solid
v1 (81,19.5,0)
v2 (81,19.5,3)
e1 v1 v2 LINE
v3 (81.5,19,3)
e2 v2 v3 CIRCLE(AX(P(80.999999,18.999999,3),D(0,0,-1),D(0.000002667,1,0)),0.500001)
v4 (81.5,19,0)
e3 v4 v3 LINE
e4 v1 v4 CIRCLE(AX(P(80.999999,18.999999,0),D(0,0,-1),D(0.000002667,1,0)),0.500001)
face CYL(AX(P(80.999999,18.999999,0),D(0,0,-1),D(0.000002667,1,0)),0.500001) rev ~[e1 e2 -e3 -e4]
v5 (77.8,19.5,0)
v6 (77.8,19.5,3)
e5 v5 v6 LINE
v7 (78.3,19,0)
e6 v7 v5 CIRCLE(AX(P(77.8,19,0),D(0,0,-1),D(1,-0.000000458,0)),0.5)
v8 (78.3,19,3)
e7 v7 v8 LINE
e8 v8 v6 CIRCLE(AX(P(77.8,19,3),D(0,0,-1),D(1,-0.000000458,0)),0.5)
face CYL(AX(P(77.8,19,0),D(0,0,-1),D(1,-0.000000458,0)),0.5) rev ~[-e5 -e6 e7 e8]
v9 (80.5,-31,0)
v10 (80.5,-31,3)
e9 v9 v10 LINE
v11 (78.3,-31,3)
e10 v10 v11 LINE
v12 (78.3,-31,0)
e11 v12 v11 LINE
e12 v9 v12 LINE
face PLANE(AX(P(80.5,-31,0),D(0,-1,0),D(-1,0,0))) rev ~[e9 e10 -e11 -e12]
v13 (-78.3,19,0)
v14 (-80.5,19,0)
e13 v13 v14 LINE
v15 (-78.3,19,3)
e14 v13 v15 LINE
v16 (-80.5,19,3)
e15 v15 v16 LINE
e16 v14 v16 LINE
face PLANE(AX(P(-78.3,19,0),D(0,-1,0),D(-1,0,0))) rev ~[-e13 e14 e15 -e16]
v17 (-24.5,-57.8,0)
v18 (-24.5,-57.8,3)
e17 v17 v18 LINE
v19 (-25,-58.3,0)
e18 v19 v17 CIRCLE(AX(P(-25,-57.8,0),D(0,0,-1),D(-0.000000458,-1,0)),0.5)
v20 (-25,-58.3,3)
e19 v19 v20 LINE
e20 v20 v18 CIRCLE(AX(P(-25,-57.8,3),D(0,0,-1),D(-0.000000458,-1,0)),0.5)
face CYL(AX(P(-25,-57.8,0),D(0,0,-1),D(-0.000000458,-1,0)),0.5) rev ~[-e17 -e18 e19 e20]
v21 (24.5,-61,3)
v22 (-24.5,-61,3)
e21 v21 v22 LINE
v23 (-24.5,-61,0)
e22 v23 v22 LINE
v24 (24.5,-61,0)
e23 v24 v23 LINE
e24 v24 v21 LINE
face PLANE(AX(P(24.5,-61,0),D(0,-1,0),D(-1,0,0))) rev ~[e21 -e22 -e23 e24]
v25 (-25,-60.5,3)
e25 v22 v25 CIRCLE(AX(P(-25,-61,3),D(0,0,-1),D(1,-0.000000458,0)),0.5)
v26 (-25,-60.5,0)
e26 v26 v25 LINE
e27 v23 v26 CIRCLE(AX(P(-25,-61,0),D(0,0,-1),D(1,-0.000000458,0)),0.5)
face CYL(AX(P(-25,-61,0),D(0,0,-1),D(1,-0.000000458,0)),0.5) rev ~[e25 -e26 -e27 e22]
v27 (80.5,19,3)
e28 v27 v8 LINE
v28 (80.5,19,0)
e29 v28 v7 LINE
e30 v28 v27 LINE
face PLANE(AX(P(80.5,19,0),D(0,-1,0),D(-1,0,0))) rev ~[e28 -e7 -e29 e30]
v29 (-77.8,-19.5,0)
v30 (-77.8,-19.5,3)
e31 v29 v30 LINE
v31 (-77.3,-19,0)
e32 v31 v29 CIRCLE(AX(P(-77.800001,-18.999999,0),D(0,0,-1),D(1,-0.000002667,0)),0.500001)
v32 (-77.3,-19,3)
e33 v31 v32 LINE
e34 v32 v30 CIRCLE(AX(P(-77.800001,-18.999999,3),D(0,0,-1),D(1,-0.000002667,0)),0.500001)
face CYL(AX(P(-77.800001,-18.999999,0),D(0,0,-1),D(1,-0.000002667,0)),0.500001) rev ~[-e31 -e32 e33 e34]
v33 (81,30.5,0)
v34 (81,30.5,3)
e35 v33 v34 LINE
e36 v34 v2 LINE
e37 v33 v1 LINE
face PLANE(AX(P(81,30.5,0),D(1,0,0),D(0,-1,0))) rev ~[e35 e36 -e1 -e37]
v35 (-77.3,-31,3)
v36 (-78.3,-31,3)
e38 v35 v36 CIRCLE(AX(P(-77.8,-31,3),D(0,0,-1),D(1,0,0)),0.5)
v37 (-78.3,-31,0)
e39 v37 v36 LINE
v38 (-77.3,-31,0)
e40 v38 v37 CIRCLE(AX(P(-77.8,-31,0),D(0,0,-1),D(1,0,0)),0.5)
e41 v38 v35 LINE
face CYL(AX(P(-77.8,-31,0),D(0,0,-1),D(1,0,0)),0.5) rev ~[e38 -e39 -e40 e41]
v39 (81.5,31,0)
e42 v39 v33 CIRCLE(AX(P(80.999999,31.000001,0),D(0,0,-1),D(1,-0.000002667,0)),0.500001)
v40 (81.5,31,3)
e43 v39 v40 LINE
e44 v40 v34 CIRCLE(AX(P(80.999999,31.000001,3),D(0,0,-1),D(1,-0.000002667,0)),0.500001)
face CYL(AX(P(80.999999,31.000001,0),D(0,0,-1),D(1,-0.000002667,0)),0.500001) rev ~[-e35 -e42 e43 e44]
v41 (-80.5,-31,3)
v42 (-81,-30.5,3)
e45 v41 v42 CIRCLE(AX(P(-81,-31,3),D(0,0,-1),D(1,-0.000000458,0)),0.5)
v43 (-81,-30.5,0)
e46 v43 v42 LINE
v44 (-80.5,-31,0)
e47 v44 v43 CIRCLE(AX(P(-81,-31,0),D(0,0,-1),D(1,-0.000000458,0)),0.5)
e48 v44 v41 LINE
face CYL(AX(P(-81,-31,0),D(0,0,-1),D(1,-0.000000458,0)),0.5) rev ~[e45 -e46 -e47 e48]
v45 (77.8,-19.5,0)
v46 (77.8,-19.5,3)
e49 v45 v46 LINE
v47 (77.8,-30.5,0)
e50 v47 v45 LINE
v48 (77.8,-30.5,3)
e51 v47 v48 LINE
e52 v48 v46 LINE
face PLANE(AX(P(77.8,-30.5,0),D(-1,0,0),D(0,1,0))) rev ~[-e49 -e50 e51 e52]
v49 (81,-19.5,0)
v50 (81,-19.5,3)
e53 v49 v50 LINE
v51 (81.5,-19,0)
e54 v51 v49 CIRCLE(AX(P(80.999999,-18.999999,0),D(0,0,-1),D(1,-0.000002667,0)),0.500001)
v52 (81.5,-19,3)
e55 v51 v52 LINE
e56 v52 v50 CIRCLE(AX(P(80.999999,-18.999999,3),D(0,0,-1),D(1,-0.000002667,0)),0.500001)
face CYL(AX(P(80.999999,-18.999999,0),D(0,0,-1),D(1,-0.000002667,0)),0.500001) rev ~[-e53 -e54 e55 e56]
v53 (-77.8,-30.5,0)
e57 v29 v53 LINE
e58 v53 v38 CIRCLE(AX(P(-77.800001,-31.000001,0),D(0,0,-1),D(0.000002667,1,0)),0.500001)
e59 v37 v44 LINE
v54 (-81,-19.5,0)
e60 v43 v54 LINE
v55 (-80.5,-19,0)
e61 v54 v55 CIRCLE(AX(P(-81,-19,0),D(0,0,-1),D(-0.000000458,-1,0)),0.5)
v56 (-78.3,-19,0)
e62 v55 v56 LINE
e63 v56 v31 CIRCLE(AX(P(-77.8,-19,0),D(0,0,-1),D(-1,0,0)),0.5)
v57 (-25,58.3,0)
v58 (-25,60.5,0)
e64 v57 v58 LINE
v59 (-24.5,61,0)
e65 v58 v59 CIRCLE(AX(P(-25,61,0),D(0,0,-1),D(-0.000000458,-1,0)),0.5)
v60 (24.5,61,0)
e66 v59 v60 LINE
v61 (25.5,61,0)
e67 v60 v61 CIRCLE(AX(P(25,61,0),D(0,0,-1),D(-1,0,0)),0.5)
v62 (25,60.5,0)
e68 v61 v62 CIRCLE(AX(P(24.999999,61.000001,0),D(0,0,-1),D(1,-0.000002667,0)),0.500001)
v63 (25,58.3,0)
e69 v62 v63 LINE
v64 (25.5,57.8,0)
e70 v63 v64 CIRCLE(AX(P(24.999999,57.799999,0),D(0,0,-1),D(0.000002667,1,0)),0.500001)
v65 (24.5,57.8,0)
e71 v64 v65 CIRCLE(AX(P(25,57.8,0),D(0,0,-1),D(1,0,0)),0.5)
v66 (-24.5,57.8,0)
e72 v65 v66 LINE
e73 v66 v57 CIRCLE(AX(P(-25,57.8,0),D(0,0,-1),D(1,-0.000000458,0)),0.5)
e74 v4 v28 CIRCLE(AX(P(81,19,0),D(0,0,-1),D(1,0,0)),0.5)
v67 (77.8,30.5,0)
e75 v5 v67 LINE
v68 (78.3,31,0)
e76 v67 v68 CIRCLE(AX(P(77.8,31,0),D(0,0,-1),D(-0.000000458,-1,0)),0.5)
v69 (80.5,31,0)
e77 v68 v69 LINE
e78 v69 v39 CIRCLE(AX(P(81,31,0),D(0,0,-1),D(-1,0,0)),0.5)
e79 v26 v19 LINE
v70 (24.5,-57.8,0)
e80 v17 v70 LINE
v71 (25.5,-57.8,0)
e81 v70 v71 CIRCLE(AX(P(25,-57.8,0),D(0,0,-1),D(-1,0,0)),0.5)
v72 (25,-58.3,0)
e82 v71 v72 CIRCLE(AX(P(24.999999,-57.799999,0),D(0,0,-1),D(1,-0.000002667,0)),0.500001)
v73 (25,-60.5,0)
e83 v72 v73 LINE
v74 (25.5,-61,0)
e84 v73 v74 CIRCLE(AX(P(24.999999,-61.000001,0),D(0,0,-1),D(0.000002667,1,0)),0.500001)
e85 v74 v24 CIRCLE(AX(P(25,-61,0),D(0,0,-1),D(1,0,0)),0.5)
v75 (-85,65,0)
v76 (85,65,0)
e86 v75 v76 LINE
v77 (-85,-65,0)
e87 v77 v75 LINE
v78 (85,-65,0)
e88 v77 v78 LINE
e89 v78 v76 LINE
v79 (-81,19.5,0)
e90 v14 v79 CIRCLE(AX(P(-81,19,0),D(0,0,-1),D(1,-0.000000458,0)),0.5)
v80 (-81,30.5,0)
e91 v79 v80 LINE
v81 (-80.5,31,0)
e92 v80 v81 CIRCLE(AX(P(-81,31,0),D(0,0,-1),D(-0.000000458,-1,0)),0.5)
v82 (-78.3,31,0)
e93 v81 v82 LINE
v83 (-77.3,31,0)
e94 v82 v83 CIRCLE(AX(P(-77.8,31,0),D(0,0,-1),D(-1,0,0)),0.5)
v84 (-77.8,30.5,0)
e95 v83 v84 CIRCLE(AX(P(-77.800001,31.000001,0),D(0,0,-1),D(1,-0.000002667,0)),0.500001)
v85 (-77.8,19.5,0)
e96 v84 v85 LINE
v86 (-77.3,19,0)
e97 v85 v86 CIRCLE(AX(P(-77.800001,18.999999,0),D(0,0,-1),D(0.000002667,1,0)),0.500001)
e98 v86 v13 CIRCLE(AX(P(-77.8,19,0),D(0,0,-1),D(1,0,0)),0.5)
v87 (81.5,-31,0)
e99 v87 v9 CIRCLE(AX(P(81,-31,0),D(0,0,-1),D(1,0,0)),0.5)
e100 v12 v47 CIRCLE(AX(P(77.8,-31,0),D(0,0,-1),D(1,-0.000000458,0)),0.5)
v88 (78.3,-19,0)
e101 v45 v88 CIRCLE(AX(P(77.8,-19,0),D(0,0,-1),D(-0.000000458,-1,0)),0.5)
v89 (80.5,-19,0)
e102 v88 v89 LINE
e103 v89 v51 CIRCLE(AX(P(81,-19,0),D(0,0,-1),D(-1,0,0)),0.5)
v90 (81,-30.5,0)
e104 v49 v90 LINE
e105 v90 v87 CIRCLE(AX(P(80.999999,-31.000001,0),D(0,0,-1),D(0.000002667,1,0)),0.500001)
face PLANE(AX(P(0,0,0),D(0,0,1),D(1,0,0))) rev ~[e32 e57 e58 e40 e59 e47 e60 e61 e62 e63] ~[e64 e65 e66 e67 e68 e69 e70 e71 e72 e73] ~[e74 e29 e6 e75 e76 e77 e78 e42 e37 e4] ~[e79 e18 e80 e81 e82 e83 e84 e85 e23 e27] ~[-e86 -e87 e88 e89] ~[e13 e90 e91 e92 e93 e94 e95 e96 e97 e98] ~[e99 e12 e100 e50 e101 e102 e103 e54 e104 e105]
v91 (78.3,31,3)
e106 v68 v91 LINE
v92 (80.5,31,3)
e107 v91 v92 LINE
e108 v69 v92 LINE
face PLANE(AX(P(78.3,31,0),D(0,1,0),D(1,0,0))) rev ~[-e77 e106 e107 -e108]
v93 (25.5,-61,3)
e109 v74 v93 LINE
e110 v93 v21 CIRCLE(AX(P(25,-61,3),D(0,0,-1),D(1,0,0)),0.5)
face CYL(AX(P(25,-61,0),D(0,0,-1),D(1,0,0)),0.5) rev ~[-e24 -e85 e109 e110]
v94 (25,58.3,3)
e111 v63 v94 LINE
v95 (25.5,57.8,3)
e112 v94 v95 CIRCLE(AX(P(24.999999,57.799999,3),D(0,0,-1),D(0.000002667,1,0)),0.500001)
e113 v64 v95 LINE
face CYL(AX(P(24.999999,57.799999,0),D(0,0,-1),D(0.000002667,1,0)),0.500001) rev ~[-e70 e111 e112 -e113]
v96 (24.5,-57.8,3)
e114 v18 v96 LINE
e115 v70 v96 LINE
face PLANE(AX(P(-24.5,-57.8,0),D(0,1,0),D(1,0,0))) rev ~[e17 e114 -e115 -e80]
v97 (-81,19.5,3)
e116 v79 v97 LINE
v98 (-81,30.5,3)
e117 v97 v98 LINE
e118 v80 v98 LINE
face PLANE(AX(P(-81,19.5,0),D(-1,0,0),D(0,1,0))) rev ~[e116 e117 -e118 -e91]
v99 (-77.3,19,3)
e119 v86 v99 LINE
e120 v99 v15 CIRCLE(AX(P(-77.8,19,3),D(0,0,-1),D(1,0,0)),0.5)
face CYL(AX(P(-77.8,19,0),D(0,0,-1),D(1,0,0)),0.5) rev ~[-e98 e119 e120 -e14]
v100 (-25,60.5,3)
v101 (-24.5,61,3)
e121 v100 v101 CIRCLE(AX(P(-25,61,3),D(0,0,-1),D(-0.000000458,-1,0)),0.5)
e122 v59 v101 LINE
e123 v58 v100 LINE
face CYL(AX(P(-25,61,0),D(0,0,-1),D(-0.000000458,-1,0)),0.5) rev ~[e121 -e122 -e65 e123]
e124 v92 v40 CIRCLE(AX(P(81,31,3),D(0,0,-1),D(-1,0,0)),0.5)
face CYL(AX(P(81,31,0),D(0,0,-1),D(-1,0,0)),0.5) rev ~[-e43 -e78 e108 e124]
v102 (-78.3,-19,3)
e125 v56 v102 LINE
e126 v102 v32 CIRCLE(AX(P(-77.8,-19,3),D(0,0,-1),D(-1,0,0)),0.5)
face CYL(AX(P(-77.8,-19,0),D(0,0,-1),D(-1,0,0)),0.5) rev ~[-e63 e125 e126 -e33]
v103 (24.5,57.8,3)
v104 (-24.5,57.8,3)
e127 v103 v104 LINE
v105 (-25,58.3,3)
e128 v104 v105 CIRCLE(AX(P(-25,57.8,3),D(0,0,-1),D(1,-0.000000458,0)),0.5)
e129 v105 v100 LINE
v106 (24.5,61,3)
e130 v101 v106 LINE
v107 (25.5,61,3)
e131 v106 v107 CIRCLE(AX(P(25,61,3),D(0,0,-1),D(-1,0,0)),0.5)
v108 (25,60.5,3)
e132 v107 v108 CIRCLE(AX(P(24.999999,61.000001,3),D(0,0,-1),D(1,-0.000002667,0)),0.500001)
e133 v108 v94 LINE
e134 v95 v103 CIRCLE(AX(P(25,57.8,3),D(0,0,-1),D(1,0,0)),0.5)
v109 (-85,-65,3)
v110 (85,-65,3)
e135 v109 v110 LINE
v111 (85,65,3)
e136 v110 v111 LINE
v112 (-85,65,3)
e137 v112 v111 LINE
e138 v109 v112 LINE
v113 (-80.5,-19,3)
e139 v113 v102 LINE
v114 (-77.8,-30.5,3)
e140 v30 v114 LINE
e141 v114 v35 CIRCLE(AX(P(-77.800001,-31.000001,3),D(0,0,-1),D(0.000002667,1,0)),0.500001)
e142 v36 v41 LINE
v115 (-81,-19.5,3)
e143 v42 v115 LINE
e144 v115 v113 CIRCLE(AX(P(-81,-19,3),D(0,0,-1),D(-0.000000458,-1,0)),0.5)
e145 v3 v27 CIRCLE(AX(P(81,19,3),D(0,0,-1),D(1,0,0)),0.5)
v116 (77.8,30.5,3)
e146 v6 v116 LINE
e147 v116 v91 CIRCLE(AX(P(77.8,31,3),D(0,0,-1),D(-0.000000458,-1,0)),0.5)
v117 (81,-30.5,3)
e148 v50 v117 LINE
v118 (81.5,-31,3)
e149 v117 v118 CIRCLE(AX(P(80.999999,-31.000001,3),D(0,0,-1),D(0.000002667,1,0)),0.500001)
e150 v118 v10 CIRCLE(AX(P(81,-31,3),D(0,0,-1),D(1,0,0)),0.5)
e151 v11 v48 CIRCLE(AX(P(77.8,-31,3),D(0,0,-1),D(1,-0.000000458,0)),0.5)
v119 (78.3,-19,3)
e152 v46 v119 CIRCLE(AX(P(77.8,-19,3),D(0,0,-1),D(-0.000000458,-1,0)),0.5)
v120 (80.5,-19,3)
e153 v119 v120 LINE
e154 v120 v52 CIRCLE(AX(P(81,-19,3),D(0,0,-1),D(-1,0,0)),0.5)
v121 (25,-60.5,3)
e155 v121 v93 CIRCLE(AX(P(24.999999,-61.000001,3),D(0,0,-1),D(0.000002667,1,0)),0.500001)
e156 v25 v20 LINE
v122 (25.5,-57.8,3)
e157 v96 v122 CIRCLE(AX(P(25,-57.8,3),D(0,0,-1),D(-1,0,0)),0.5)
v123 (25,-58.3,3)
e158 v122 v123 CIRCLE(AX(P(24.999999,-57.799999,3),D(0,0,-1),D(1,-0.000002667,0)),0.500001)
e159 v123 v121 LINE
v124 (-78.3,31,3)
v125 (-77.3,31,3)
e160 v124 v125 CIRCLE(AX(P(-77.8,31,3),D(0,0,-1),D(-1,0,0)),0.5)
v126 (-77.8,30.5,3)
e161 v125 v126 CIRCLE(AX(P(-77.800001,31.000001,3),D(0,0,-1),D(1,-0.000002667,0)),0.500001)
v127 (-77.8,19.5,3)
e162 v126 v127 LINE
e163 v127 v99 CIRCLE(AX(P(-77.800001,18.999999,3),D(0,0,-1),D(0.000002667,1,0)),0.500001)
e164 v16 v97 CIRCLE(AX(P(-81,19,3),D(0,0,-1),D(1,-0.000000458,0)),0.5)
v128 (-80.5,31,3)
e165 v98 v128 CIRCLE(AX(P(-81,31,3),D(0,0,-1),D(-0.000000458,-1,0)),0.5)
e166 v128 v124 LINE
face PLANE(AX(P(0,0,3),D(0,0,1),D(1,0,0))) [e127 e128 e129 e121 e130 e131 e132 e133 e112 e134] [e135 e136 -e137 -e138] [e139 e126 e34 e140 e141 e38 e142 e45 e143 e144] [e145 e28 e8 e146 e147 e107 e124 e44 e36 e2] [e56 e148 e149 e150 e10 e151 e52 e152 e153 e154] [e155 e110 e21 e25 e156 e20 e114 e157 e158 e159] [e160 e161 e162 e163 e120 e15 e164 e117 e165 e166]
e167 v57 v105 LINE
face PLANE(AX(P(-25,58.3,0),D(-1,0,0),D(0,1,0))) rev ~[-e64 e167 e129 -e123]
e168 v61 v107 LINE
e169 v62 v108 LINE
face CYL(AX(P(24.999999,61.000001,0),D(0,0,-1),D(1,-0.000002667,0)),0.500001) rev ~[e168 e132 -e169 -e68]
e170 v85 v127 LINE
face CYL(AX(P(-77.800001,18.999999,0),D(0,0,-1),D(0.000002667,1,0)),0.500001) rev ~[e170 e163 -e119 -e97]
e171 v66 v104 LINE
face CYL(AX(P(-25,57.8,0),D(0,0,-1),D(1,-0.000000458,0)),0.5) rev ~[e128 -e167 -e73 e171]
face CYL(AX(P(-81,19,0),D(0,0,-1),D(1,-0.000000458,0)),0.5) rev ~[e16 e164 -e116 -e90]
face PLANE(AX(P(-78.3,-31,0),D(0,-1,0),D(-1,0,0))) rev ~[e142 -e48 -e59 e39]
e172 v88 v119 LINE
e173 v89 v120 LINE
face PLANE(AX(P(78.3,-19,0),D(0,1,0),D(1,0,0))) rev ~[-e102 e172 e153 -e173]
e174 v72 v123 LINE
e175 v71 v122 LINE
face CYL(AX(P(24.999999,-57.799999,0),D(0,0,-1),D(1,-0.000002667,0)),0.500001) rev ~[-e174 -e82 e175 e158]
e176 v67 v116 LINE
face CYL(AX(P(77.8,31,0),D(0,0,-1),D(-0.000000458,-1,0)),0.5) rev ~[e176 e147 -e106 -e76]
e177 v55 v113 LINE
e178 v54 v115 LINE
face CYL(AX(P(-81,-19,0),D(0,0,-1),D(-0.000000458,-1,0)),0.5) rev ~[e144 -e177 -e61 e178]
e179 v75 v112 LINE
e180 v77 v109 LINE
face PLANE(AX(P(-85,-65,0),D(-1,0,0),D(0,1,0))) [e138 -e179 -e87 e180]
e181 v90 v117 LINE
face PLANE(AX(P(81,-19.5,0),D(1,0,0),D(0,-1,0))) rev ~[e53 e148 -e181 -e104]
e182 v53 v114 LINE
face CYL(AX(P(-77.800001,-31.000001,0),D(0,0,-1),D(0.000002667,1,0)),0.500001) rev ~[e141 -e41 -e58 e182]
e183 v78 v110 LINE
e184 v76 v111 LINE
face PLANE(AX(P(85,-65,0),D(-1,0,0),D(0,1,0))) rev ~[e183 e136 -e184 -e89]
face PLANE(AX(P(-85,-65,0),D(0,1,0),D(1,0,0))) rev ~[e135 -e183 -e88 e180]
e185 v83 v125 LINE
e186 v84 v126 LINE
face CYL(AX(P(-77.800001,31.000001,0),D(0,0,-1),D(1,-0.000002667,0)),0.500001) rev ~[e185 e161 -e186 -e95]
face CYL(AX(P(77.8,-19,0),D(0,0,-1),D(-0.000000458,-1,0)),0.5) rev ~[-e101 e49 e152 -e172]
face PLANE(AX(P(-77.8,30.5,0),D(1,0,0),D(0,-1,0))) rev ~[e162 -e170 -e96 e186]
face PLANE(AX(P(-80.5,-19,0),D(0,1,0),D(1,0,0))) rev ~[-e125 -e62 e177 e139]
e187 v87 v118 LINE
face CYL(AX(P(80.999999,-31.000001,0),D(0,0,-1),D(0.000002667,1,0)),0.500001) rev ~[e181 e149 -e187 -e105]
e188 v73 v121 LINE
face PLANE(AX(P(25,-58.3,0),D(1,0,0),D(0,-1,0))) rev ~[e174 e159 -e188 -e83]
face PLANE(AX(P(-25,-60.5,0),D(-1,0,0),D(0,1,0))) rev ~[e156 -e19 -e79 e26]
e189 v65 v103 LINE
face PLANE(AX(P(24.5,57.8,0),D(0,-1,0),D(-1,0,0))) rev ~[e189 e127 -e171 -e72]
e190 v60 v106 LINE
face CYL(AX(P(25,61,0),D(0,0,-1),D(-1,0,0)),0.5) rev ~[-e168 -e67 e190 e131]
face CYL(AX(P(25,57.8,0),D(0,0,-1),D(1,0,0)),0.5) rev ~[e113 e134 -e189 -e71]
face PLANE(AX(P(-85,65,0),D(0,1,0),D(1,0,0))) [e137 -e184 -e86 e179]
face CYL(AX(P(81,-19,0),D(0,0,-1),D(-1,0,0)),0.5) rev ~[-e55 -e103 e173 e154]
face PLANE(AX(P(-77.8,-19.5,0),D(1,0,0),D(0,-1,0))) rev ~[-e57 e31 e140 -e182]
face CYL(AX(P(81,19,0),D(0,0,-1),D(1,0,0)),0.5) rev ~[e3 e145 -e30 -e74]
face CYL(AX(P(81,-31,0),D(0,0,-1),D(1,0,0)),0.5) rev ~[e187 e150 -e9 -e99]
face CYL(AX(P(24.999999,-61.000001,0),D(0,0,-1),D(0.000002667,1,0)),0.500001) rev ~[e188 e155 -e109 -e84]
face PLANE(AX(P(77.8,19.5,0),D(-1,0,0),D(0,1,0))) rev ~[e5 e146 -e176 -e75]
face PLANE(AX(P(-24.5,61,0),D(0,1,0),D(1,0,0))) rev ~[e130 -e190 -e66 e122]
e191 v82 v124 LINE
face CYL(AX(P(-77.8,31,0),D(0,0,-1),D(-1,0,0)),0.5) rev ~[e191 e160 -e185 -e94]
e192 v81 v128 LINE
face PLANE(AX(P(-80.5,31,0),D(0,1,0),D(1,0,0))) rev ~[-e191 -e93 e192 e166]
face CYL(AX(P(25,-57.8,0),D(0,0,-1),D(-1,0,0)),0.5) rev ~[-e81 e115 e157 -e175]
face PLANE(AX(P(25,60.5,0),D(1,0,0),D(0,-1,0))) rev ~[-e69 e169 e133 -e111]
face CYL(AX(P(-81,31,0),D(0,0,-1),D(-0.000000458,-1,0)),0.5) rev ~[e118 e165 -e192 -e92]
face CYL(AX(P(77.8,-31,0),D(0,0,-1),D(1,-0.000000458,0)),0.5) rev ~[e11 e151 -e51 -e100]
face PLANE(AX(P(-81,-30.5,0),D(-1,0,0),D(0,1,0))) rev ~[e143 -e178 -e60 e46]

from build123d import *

# Parameters (mm, degrees)
F0_W     = 170
F0_H     = 130
F1_DEPTH = 3


with BuildPart() as f1:
    # F0 (on Top) → F1 (new body)
    with BuildSketch(Plane.XY):
        Rectangle(F0_W, F0_H)
        with BuildLine():
            ThreePointArc((-81, -19.5), (-81.353553, -18.646447), (-80.5, -19))
            Line((-80.5, -19), (-78.3, -19))
            ThreePointArc((-78.3, -19), (-77.8, -18.5), (-77.3, -19))
            ThreePointArc((-77.3, -19), (-77.446447, -19.353553), (-77.8, -19.5))
            Line((-77.8, -19.5), (-77.8, -30.5))
            ThreePointArc((-77.8, -30.5), (-77.446447, -30.646447), (-77.3, -31))
            ThreePointArc((-77.3, -31), (-77.8, -31.5), (-78.3, -31))
            Line((-78.3, -31), (-80.5, -31))
            ThreePointArc((-80.5, -31), (-81.353553, -31.353553), (-81, -30.5))
            Line((-81, -30.5), (-81, -19.5))
        make_face(mode=Mode.SUBTRACT)
        with BuildLine():
            ThreePointArc((-25, -58.3), (-25.353553, -57.446447), (-24.5, -57.8))
            Line((-24.5, -57.8), (24.5, -57.8))
            ThreePointArc((24.5, -57.8), (25, -57.3), (25.5, -57.8))
            ThreePointArc((25.5, -57.8), (25.353553, -58.153553), (25, -58.3))
            Line((25, -58.3), (25, -60.5))
            ThreePointArc((25, -60.5), (25.353553, -60.646447), (25.5, -61))
            ThreePointArc((25.5, -61), (25, -61.5), (24.5, -61))
            Line((24.5, -61), (-24.5, -61))
            ThreePointArc((-24.5, -61), (-25.353553, -61.353553), (-25, -60.5))
            Line((-25, -60.5), (-25, -58.3))
        make_face(mode=Mode.SUBTRACT)
        with BuildLine():
            ThreePointArc((77.8, -19.5), (77.446447, -18.646447), (78.3, -19))
            Line((78.3, -19), (80.5, -19))
            ThreePointArc((80.5, -19), (81, -18.5), (81.5, -19))
            ThreePointArc((81.5, -19), (81.353553, -19.353553), (81, -19.5))
            Line((81, -19.5), (81, -30.5))
            ThreePointArc((81, -30.5), (81.353553, -30.646447), (81.5, -31))
            ThreePointArc((81.5, -31), (81, -31.5), (80.5, -31))
            Line((80.5, -31), (78.3, -31))
            ThreePointArc((78.3, -31), (77.446447, -31.353553), (77.8, -30.5))
            Line((77.8, -30.5), (77.8, -19.5))
        make_face(mode=Mode.SUBTRACT)
        with BuildLine():
            ThreePointArc((-80.5, 19), (-81.353553, 18.646447), (-81, 19.5))
            Line((-81, 19.5), (-81, 30.5))
            ThreePointArc((-81, 30.5), (-81.353553, 31.353553), (-80.5, 31))
            Line((-80.5, 31), (-78.3, 31))
            ThreePointArc((-78.3, 31), (-77.8, 31.5), (-77.3, 31))
            ThreePointArc((-77.3, 31), (-77.446447, 30.646447), (-77.8, 30.5))
            Line((-77.8, 30.5), (-77.8, 19.5))
            ThreePointArc((-77.8, 19.5), (-77.446447, 19.353553), (-77.3, 19))
            ThreePointArc((-77.3, 19), (-77.8, 18.5), (-78.3, 19))
            Line((-78.3, 19), (-80.5, 19))
        make_face(mode=Mode.SUBTRACT)
        with BuildLine():
            ThreePointArc((77.8, 30.5), (77.446447, 31.353553), (78.3, 31))
            Line((78.3, 31), (80.5, 31))
            ThreePointArc((80.5, 31), (81, 31.5), (81.5, 31))
            ThreePointArc((81.5, 31), (81.353553, 30.646447), (81, 30.5))
            Line((81, 30.5), (81, 19.5))
            ThreePointArc((81, 19.5), (81.353553, 19.353553), (81.5, 19))
            ThreePointArc((81.5, 19), (81, 18.5), (80.5, 19))
            Line((80.5, 19), (78.3, 19))
            ThreePointArc((78.3, 19), (77.446447, 18.646447), (77.8, 19.5))
            Line((77.8, 19.5), (77.8, 30.5))
        make_face(mode=Mode.SUBTRACT)
        with BuildLine():
            ThreePointArc((-25, 60.5), (-25.353553, 61.353553), (-24.5, 61))
            Line((-24.5, 61), (24.5, 61))
            ThreePointArc((24.5, 61), (25, 61.5), (25.5, 61))
            ThreePointArc((25.5, 61), (25.353553, 60.646447), (25, 60.5))
            Line((25, 60.5), (25, 58.3))
            ThreePointArc((25, 58.3), (25.353553, 58.153553), (25.5, 57.8))
            ThreePointArc((25.5, 57.8), (25, 57.3), (24.5, 57.8))
            Line((24.5, 57.8), (-24.5, 57.8))
            ThreePointArc((-24.5, 57.8), (-25.353553, 57.446447), (-25, 58.3))
            Line((-25, 58.3), (-25, 60.5))
        make_face(mode=Mode.SUBTRACT)
    extrude(amount=F1_DEPTH)


solid = f1.part
